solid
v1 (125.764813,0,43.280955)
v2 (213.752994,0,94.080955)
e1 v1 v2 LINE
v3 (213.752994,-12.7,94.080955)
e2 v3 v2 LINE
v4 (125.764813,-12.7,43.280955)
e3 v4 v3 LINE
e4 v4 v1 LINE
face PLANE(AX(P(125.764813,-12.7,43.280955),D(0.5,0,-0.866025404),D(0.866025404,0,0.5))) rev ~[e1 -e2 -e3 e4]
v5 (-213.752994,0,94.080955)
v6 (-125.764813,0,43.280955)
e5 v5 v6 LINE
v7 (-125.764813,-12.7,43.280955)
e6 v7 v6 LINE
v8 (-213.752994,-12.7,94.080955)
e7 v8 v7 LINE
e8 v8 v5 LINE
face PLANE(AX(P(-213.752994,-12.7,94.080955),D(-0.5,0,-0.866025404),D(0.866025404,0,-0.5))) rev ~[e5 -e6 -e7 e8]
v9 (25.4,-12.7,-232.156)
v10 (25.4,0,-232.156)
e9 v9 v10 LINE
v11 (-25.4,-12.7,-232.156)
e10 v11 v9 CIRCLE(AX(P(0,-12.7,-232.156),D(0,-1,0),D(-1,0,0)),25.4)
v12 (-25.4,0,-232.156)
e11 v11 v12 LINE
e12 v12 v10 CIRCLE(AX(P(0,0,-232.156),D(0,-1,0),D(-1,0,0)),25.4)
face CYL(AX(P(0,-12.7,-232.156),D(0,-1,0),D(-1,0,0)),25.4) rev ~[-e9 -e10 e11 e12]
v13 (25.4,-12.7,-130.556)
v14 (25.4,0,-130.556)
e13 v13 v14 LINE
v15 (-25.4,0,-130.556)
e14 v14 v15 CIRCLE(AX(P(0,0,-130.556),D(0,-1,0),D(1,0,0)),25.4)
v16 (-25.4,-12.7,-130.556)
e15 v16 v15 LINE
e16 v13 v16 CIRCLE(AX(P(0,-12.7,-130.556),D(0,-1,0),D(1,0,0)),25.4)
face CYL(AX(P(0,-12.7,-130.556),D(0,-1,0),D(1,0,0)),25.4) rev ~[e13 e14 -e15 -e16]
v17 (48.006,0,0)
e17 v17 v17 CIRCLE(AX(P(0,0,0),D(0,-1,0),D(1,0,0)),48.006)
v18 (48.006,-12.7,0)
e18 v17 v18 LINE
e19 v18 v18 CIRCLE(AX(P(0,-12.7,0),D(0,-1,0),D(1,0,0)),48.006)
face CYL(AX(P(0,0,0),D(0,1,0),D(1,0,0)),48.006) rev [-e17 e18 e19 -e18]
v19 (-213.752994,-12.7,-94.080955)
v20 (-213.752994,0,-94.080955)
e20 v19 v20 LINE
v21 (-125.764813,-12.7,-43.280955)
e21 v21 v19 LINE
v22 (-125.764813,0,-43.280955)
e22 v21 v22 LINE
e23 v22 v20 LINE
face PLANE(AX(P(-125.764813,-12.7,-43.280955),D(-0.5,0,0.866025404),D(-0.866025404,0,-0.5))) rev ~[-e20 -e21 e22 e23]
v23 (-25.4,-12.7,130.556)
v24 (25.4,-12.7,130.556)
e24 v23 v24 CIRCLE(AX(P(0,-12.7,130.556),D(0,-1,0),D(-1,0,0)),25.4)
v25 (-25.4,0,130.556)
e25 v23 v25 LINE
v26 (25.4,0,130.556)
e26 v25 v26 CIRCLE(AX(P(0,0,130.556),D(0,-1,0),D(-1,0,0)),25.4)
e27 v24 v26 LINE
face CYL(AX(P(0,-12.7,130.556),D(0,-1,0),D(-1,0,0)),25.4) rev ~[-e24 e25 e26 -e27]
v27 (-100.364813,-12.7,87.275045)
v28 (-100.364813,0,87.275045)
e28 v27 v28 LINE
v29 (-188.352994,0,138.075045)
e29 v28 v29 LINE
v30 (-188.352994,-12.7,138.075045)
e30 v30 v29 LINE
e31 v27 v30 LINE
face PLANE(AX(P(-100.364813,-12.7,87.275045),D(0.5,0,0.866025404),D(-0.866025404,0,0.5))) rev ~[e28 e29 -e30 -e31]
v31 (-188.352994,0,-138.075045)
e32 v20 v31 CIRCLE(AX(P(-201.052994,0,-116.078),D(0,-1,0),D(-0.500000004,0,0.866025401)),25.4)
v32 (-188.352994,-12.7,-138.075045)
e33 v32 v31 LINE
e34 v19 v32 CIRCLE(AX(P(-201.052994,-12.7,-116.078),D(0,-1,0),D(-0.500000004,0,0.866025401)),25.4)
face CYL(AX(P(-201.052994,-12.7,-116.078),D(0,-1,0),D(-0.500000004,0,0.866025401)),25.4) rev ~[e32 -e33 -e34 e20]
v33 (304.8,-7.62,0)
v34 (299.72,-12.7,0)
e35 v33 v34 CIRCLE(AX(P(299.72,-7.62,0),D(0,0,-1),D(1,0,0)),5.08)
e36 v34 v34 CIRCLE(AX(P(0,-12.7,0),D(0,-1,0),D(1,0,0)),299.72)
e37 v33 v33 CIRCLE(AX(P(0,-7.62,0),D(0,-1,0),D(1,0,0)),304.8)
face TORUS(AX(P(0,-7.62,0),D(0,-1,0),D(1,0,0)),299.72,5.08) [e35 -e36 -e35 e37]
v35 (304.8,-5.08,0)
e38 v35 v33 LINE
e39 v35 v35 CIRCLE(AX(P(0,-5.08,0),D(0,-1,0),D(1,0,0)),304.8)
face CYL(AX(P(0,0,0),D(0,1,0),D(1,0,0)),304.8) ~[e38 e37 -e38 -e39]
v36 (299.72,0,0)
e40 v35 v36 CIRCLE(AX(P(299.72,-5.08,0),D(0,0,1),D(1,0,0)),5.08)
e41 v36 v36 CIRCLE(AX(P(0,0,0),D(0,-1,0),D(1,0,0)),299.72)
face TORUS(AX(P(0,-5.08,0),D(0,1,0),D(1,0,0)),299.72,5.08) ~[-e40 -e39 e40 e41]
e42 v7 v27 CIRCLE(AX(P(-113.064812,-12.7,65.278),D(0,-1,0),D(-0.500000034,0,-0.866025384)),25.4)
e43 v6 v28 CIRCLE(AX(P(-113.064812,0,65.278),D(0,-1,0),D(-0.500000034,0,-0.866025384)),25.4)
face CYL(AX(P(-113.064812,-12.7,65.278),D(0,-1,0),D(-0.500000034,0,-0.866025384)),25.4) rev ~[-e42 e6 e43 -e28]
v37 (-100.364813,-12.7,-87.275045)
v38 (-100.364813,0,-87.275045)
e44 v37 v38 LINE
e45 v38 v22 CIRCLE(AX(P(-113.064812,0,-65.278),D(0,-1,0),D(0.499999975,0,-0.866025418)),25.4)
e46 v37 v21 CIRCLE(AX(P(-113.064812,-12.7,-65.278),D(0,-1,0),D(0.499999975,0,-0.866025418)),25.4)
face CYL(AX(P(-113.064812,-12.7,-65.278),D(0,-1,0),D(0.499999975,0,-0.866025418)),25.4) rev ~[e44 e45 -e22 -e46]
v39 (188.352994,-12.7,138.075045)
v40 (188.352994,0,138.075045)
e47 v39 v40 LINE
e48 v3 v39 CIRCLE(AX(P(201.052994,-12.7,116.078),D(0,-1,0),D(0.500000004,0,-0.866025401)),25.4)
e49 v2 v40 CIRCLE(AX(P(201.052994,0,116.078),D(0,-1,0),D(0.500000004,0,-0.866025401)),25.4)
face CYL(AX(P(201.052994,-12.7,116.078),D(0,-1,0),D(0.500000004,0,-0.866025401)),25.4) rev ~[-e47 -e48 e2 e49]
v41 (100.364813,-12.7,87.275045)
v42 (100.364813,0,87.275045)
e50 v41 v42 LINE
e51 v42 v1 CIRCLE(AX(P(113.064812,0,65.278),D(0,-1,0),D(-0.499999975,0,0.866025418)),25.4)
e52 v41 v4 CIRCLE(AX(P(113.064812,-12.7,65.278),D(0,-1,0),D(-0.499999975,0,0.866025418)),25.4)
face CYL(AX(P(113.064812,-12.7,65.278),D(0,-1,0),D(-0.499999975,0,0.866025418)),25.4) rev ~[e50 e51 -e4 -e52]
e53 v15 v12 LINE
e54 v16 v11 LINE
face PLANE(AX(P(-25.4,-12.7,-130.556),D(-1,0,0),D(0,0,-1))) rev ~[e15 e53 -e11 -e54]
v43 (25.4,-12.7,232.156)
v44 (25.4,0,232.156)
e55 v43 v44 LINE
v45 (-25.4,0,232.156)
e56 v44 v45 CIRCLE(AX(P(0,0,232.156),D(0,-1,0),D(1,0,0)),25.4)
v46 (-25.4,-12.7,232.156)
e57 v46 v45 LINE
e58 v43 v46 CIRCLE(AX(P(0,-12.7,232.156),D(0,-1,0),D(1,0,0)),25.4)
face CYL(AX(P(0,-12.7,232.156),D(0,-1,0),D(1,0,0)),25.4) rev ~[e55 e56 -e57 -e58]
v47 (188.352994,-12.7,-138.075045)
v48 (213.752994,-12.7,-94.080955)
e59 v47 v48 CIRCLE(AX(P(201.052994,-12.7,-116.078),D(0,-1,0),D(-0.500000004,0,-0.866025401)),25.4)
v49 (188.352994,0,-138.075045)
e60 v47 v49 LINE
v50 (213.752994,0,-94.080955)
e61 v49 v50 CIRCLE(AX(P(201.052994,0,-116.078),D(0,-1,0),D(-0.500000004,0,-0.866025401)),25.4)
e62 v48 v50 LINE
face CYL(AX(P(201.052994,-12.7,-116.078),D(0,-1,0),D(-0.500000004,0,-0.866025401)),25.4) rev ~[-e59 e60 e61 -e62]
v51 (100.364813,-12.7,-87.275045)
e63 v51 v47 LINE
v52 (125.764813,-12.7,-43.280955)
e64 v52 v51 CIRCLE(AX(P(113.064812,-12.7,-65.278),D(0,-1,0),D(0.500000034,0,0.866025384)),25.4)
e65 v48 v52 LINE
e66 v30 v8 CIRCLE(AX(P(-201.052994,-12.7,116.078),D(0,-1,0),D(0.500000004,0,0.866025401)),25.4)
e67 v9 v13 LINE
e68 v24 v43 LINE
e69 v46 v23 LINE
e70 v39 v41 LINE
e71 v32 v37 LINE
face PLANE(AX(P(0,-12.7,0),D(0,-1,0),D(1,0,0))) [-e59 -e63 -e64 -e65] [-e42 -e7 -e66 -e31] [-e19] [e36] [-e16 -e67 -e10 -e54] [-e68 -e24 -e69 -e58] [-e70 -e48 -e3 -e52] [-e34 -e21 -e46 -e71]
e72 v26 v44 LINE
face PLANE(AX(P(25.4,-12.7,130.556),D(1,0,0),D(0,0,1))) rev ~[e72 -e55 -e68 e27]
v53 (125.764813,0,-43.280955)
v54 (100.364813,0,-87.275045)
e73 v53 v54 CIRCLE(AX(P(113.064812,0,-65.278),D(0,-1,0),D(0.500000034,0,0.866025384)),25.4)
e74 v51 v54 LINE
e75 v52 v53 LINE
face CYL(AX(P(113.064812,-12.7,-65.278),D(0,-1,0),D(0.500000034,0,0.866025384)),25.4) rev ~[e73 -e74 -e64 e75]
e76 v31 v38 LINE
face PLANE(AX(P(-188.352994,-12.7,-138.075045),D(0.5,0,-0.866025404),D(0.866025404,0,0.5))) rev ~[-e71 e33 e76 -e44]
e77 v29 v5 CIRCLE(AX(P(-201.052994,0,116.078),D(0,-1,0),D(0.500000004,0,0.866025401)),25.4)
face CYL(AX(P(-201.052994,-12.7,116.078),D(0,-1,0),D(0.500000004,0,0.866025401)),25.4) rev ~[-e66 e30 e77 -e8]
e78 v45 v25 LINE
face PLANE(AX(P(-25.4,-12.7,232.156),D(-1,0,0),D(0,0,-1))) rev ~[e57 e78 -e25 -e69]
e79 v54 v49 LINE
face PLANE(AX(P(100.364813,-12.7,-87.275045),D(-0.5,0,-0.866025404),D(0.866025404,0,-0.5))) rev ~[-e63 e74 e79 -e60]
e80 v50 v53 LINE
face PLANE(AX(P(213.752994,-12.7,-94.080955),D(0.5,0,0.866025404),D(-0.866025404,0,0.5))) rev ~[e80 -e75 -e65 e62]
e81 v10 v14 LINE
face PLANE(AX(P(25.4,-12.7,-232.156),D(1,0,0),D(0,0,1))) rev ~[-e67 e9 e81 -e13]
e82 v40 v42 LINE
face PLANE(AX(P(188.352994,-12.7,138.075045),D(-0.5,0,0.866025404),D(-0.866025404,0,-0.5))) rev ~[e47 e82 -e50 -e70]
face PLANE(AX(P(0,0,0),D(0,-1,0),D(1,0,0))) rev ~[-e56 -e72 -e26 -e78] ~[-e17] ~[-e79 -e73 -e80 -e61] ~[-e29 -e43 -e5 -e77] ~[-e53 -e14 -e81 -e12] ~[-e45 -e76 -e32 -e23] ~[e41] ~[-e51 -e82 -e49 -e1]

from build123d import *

# Parameters (mm, degrees)
F0_R     = 304.8
F0_R_2   = 48.006
F1_DEPTH = 12.7
F3_DEPTH = 12.701
F4_R     = 5.08


with BuildPart() as f1:
    # F0 (on Front) → F1 (new body)
    with BuildSketch(Plane.XZ):
        Circle(F0_R)
        Circle(F0_R_2, mode=Mode.SUBTRACT)
    extrude(amount=F1_DEPTH)

    # F2 (on face) → F3 (cut, through all)
    with BuildSketch(Plane.XZ.offset(12.7)):
        with BuildLine():
            Line((-25.4, 232.156), (-25.4, 130.556))
            ThreePointArc((-25.4, 130.556), (0, 105.156), (25.4, 130.556))
            Line((25.4, 130.556), (25.4, 232.156))
            ThreePointArc((25.4, 232.156), (0, 257.556), (-25.4, 232.156))
        make_face()
        with BuildLine():
            Line((188.352994, 138.075045), (100.364813, 87.275045))
            ThreePointArc((100.364813, 87.275045), (91.067767, 52.578), (125.764813, 43.280955))
            Line((125.764813, 43.280955), (213.752994, 94.080955))
            ThreePointArc((213.752994, 94.080955), (223.050039, 128.778), (188.352994, 138.075045))
        make_face()
        with BuildLine():
            Line((213.752994, -94.080955), (125.764813, -43.280955))
            ThreePointArc((125.764813, -43.280955), (91.067767, -52.578), (100.364813, -87.275045))
            Line((100.364813, -87.275045), (188.352994, -138.075045))
            ThreePointArc((188.352994, -138.075045), (223.050039, -128.778), (213.752994, -94.080955))
        make_face()
        with BuildLine():
            Line((25.4, -232.156), (25.4, -130.556))
            ThreePointArc((25.4, -130.556), (0, -105.156), (-25.4, -130.556))
            Line((-25.4, -130.556), (-25.4, -232.156))
            ThreePointArc((-25.4, -232.156), (0, -257.556), (25.4, -232.156))
        make_face()
        with BuildLine():
            Line((-188.352994, -138.075045), (-100.364813, -87.275045))
            ThreePointArc((-100.364813, -87.275045), (-91.067767, -52.578), (-125.764813, -43.280955))
            Line((-125.764813, -43.280955), (-213.752994, -94.080955))
            ThreePointArc((-213.752994, -94.080955), (-223.050039, -128.778), (-188.352994, -138.075045))
        make_face()
        with BuildLine():
            Line((-213.752994, 94.080955), (-125.764813, 43.280955))
            ThreePointArc((-125.764813, 43.280955), (-91.067767, 52.578), (-100.364813, 87.275045))
            Line((-100.364813, 87.275045), (-188.352994, 138.075045))
            ThreePointArc((-188.352994, 138.075045), (-223.050039, 128.778), (-213.752994, 94.080955))
        make_face()
    extrude(amount=-F3_DEPTH, mode=Mode.SUBTRACT)

    # F4
    f4_edges = [f1.edges().sort_by_distance(p)[0] for p in [
        (-304.8, 0, 0),
        (-304.8, -12.7, 0),
    ]]
    fillet(f4_edges, radius=F4_R)


solid = f1.part
